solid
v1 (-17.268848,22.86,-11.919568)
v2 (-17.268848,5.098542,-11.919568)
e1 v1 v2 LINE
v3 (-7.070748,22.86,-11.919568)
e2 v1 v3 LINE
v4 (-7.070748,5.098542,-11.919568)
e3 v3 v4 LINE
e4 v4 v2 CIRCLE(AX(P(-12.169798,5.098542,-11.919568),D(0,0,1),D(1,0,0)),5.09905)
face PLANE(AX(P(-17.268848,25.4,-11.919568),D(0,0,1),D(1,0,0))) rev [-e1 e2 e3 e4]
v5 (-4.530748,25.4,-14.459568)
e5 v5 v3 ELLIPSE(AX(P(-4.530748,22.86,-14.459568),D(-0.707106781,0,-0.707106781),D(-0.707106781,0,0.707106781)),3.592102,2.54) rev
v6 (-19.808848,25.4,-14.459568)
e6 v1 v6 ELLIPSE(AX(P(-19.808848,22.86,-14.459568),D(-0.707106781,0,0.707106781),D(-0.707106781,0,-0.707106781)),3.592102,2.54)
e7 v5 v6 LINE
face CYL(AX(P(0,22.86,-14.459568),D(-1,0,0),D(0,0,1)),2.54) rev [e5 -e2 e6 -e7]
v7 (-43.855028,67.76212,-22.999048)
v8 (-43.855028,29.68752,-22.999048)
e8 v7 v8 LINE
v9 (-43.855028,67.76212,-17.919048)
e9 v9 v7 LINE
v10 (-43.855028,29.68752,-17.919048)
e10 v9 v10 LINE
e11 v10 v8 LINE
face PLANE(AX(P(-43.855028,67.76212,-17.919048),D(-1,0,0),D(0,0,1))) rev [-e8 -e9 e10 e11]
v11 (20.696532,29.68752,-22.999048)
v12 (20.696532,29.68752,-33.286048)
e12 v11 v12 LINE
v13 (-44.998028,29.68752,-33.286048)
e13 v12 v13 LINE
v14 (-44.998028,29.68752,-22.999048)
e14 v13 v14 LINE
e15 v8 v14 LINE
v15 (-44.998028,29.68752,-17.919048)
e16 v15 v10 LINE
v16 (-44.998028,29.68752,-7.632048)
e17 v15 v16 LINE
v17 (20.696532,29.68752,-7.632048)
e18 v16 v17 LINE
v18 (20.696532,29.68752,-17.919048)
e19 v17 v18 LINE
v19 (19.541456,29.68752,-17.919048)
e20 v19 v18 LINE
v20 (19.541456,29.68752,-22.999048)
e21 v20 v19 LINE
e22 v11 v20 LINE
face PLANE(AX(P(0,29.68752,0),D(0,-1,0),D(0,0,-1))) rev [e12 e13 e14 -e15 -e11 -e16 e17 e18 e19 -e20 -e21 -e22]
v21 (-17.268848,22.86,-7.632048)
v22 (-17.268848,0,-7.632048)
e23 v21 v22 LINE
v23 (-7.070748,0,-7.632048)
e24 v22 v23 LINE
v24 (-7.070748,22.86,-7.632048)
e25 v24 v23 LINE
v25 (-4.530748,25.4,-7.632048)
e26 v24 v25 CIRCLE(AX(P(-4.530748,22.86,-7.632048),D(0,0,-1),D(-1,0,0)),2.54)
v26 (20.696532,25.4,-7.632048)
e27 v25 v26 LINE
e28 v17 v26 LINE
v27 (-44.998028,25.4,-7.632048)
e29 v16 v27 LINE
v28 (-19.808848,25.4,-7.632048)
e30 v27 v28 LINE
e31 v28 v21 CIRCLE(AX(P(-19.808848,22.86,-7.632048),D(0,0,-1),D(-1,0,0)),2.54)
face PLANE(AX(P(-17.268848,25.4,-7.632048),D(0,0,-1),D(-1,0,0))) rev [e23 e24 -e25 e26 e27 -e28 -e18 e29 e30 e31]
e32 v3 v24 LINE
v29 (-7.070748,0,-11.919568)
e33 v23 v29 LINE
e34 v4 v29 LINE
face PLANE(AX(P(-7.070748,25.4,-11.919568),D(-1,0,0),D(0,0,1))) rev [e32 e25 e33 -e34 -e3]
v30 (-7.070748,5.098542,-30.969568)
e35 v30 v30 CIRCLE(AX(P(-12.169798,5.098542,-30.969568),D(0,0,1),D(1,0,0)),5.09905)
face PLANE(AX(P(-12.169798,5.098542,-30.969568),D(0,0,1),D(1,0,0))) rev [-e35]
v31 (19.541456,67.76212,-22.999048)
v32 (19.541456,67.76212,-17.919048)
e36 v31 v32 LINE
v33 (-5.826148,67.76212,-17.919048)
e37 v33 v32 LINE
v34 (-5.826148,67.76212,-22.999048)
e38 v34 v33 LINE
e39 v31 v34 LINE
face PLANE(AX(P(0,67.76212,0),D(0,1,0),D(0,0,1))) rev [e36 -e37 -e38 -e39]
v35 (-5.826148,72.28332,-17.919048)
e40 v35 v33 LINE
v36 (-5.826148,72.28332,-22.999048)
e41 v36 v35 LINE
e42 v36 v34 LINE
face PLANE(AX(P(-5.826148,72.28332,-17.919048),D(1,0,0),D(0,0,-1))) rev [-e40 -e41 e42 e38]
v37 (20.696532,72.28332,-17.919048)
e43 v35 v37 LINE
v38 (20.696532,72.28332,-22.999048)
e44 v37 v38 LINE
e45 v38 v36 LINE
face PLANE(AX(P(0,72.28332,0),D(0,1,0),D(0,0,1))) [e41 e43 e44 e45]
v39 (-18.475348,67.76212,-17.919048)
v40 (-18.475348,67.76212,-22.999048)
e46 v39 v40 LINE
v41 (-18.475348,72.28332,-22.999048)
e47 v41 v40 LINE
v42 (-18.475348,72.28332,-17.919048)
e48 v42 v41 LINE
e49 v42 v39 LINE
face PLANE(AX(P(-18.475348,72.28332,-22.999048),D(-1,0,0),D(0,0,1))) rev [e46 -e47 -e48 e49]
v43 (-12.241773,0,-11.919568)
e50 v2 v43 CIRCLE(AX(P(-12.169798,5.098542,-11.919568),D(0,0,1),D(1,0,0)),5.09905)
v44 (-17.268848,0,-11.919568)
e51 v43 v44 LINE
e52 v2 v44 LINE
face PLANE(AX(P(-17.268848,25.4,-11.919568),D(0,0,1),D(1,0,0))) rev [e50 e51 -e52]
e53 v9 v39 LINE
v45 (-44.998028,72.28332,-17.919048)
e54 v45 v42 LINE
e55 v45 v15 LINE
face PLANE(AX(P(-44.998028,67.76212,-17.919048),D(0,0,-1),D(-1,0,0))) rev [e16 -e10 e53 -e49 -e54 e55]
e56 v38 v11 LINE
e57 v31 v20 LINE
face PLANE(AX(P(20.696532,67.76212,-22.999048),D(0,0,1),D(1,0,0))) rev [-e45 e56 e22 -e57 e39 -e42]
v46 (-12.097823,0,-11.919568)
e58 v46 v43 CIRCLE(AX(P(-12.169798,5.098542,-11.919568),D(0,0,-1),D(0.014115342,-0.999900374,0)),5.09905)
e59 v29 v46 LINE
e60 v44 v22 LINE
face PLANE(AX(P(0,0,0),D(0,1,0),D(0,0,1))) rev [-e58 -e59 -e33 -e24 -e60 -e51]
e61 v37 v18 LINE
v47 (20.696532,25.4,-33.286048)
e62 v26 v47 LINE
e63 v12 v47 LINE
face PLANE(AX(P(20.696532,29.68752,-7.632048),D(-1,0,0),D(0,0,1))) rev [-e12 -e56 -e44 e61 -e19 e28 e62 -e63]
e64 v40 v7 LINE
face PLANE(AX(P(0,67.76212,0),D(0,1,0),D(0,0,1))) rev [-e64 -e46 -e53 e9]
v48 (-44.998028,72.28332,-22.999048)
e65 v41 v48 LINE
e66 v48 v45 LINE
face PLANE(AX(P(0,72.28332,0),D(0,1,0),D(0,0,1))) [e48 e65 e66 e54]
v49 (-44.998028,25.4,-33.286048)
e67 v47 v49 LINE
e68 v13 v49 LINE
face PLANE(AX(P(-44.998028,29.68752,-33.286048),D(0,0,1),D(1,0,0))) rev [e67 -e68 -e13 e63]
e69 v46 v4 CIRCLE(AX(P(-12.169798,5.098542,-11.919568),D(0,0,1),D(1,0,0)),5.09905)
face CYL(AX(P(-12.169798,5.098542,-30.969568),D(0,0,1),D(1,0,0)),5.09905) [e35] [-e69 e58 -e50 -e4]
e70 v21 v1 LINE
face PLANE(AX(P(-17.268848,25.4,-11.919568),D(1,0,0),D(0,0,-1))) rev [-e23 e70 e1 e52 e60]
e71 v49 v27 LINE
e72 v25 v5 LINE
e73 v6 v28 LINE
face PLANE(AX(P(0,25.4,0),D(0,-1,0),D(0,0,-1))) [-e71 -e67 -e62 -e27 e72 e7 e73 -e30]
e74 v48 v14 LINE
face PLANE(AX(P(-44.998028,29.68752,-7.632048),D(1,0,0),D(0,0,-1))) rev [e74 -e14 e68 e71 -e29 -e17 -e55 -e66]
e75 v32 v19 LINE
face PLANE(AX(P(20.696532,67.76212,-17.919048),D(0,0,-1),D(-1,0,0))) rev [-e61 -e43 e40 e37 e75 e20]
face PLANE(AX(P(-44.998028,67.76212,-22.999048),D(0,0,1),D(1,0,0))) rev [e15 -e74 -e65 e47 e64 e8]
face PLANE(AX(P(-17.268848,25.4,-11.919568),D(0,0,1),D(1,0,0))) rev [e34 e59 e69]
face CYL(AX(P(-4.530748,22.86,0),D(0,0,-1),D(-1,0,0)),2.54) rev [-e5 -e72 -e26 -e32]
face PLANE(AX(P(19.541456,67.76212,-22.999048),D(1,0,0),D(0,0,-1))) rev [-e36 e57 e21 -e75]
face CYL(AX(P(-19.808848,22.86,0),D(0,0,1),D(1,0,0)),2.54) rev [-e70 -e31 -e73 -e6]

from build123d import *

# Parameters (mm, degrees)
SKETCH6_W            = 10.1981
SKETCH6_H            = 4.28752
BOSS_EXTRUDE3_DEPTH  = 25.4
SKETCH8_R            = 5.09905
BOSS_EXTRUDE5_DEPTH  = 19.05
SKETCH11_W           = 65.69456
SKETCH11_H           = 25.654
BOSS_EXTRUDE10_DEPTH = 4.28752
SKETCH16_W           = 1.143
SKETCH16_H           = 5.08
SKETCH16_W_2         = 1.155076163
BOSS_EXTRUDE11_DEPTH = 38.0746
SKETCH17_W           = 26.52268
SKETCH17_H           = 5.08
BOSS_EXTRUDE12_DEPTH = 4.5212
FILLET2_R            = 2.54
FILLET3_R            = 2.54
FILLET4_R            = 2.54


with BuildPart() as part:
    # Sketch6 → Boss-Extrude3 (new body)
    with BuildSketch(Plane(origin=(0, 0, 0), x_dir=(1, 0, 0), z_dir=(0, 1, 0))):
        with Locations((-12.169797761, 9.77580804)):
            Rectangle(SKETCH6_W, SKETCH6_H)
    extrude(amount=BOSS_EXTRUDE3_DEPTH)

    # Sketch8 → Boss-Extrude5 (add)
    with BuildSketch(Plane.XY.offset(-11.91956804)):
        with Locations((-12.169797761, 5.098542)):
            Circle(SKETCH8_R)
    extrude(amount=-BOSS_EXTRUDE5_DEPTH)

    # Sketch11 → Boss-Extrude10 (add)
    with BuildSketch(Plane(origin=(0, 25.4, 0), x_dir=(1, 0, 0), z_dir=(0, 1, 0))):
        with Locations((-12.150747761, 20.45904804)):
            Rectangle(SKETCH11_W, SKETCH11_H)
    extrude(amount=BOSS_EXTRUDE10_DEPTH)

    # Sketch16 → Boss-Extrude11 (add)
    with BuildSketch(Plane(origin=(0, 29.68752, 0), x_dir=(1, 0, 0), z_dir=(0, 1, 0))):
        with Locations((-44.426527761, 20.45904804)):
            Rectangle(SKETCH16_W, SKETCH16_H)
        with Locations((20.118994158, 20.45904804)):
            Rectangle(SKETCH16_W_2, SKETCH16_H)
    extrude(amount=BOSS_EXTRUDE11_DEPTH)

    # Sketch17 → Boss-Extrude12 (add)
    with BuildSketch(Plane(origin=(0, 67.76212, 0), x_dir=(1, 0, 0), z_dir=(0, 1, 0))):
        with Locations((-31.736687761, 20.45904804)):
            Rectangle(SKETCH17_W, SKETCH17_H)
        with Locations((7.435192239, 20.45904804)):
            Rectangle(SKETCH17_W, SKETCH17_H)
    extrude(amount=BOSS_EXTRUDE12_DEPTH)

    # Fillet2
    fillet2_edges = [part.edges().sort_by_distance(p)[0] for p in [
        (-12.169797761, 25.4, -11.91956804),
    ]]
    fillet(fillet2_edges, radius=FILLET2_R)

    # Fillet3
    fillet3_edges = [part.edges().sort_by_distance(p)[0] for p in [
        (-17.268847761, 25.4, -11.04580804),
    ]]
    fillet(fillet3_edges, radius=FILLET3_R)

    # Fillet4
    fillet4_edges = [part.edges().sort_by_distance(p)[0] for p in [
        (-7.070747761, 25.4, -11.04580804),
    ]]
    fillet(fillet4_edges, radius=FILLET4_R)


solid = part.part
